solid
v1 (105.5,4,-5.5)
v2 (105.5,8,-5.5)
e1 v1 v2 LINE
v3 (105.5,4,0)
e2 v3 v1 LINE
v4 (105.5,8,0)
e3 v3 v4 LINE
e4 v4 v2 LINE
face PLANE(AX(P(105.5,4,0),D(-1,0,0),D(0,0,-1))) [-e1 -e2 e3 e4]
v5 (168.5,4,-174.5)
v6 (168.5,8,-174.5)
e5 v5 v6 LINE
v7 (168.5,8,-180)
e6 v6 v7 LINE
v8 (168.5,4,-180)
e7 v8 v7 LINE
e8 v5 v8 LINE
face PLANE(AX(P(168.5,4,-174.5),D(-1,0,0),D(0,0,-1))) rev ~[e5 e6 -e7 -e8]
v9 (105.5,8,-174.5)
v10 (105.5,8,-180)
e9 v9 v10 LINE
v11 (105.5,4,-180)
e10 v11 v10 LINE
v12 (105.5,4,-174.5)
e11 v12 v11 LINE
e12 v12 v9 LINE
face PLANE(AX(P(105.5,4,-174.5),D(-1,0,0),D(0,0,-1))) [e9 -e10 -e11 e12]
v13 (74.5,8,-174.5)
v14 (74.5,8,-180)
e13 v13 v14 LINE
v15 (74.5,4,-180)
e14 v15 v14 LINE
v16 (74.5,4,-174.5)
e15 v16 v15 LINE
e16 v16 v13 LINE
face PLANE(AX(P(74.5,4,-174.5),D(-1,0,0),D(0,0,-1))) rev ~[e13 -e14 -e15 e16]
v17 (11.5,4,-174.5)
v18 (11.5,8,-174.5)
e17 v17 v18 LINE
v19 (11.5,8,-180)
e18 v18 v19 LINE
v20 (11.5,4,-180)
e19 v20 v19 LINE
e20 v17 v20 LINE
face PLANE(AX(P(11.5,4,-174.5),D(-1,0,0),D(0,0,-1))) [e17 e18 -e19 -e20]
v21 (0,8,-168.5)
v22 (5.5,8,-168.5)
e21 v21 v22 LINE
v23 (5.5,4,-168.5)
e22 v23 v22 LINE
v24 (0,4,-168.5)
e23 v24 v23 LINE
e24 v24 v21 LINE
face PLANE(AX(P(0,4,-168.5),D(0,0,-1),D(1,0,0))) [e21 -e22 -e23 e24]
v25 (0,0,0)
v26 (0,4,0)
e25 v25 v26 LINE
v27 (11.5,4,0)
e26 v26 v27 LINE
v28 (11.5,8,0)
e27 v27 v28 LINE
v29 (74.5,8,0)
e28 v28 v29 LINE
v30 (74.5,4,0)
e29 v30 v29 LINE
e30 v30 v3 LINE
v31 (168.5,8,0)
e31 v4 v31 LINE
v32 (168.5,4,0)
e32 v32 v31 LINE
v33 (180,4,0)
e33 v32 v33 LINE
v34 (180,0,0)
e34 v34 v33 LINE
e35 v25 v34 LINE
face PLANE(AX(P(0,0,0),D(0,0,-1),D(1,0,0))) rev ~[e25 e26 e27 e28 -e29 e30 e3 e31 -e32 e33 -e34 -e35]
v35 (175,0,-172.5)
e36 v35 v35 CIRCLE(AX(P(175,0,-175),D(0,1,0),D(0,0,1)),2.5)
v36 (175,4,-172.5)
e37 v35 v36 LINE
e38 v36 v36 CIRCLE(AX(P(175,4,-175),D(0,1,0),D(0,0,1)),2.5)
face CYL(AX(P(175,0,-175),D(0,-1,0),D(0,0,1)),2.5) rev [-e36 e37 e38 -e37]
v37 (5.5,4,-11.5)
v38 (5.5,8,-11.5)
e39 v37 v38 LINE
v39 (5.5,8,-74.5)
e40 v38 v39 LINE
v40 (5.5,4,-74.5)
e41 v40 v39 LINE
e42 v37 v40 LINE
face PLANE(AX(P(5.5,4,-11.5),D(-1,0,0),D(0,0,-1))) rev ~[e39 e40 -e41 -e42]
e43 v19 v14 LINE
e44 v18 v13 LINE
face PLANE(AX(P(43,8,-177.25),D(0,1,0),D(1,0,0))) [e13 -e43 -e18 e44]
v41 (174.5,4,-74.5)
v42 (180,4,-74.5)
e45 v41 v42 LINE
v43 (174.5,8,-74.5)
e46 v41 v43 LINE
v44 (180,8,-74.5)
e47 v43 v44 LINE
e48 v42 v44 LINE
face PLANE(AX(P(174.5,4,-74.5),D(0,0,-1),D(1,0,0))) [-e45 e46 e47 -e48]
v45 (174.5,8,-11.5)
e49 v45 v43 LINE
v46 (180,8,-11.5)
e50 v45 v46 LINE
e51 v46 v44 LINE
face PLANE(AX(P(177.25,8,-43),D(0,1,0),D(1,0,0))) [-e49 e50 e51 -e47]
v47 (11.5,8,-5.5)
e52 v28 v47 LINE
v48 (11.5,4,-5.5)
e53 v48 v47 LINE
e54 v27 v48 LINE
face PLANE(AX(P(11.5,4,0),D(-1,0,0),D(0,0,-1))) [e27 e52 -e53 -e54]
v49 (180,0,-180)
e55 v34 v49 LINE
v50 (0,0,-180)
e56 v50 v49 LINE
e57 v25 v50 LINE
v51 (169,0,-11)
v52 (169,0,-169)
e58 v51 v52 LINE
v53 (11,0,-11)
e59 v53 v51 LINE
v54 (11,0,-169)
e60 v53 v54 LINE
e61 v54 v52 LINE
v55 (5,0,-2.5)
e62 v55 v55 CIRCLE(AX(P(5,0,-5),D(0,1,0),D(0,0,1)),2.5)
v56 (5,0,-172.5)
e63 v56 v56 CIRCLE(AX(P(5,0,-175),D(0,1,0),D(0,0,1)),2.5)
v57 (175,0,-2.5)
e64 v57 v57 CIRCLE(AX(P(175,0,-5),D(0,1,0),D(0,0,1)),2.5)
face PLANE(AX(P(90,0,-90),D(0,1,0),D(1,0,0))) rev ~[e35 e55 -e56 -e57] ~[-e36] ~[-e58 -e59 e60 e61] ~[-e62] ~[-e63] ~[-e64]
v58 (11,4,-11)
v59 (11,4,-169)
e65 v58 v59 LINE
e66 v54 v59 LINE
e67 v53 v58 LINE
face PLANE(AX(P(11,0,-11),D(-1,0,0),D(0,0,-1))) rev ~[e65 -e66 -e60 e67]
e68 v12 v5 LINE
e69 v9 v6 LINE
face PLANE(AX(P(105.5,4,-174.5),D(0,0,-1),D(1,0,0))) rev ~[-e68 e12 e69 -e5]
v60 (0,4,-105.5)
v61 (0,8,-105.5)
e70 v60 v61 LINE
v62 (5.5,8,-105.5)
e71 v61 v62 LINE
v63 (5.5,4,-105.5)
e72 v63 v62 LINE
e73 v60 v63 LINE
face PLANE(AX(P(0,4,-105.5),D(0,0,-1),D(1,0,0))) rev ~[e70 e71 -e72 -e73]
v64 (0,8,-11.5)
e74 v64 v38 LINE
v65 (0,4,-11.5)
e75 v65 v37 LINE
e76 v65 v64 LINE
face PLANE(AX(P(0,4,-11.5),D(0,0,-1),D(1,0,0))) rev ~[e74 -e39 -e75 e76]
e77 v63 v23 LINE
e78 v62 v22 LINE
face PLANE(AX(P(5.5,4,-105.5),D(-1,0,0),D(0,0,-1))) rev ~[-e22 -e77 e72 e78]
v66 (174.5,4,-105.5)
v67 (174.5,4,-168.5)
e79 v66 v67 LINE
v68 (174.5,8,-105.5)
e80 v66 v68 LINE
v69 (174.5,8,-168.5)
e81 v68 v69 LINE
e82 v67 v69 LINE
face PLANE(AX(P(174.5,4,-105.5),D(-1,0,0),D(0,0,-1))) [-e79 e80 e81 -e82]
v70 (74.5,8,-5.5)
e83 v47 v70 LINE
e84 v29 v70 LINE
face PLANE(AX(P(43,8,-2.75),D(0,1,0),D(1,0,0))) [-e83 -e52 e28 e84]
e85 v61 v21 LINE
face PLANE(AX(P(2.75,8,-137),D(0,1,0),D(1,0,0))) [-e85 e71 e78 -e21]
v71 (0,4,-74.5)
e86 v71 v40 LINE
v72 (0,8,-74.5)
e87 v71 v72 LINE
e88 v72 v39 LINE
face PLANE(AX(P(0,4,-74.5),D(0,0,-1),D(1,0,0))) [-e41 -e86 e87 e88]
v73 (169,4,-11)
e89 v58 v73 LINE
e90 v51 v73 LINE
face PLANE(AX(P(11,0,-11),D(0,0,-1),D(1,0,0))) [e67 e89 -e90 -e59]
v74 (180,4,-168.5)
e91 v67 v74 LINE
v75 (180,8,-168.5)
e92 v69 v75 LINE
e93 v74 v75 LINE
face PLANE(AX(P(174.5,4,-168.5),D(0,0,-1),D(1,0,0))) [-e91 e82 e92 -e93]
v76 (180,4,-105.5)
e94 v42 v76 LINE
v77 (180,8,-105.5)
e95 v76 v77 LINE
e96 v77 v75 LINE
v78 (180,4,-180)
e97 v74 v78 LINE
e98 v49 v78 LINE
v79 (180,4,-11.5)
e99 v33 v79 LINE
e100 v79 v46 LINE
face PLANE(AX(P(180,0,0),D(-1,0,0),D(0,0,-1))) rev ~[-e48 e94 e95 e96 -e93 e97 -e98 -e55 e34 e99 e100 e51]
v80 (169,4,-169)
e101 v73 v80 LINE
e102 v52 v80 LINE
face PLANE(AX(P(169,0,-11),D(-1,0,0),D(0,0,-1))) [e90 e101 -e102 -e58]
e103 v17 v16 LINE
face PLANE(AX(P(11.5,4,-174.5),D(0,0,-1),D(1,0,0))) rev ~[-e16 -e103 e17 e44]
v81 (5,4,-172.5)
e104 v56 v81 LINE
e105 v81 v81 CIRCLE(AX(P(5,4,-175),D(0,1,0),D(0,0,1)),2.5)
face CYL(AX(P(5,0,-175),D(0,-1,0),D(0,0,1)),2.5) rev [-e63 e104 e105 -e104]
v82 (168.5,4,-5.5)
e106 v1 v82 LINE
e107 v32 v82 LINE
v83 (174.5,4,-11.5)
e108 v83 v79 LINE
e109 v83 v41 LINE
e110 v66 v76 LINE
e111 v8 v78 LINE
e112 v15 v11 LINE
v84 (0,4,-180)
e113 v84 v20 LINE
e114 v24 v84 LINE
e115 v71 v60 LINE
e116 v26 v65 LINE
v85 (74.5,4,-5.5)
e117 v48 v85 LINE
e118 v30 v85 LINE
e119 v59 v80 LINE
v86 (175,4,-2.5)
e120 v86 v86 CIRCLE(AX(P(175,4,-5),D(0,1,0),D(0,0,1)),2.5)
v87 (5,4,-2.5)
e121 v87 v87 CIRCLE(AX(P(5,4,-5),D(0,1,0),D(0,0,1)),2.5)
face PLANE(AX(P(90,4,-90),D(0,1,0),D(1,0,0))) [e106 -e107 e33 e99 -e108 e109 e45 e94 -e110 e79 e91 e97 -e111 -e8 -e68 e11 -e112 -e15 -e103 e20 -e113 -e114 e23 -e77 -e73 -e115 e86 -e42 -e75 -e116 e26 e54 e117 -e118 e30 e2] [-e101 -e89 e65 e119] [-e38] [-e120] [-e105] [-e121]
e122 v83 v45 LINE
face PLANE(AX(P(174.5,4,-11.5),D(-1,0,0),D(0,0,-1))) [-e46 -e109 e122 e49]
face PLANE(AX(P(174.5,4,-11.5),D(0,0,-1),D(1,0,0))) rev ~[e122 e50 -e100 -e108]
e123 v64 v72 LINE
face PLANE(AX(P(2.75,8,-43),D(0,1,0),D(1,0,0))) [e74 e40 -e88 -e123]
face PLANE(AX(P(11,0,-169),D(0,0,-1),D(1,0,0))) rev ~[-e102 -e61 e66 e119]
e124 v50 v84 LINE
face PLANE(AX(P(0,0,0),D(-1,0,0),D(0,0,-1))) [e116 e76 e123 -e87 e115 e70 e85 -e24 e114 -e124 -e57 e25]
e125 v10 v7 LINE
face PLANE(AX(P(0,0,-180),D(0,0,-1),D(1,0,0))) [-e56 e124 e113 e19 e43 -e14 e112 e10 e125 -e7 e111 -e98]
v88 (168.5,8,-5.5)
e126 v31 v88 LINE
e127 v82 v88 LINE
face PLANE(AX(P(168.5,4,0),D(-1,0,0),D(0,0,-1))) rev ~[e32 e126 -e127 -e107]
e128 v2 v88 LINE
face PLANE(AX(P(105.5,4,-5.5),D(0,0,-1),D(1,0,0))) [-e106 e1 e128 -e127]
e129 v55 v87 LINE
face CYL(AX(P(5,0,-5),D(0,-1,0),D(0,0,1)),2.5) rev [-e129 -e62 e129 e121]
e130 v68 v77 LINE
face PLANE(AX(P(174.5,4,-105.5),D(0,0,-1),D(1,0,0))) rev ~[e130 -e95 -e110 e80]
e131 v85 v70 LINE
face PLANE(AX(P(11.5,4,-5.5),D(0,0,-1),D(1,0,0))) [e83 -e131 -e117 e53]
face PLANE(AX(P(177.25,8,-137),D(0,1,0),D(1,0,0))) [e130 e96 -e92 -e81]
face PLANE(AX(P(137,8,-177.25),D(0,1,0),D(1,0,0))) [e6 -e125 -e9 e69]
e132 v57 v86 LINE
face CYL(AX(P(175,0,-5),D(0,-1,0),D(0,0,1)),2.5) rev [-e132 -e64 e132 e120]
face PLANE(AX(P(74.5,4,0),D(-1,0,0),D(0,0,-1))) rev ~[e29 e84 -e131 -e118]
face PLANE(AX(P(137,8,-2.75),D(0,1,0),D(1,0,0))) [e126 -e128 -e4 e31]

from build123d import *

# Parameters (mm, degrees)
CROQUIS1_W              = 180
CROQUIS1_H              = 180
CROQUIS1_R              = 2.5
CROQUIS1_W_2            = 158
CROQUIS1_H_2            = 158
SALIENTE_EXTRUIR1_DEPTH = 4
CROQUIS2_W              = 5.5
CROQUIS2_H              = 63
CROQUIS2_W_2            = 63
CROQUIS2_H_2            = 5.5
SALIENTE_EXTRUIR2_DEPTH = 4


with BuildPart() as part:
    # Croquis1 → Saliente-Extruir1 (new body)
    with BuildSketch(Plane(origin=(0, 0, 0), x_dir=(1, 0, 0), z_dir=(0, 1, 0))):
        with Locations((90, 90)):
            Rectangle(CROQUIS1_W, CROQUIS1_H)
        with Locations(Location((5, 175, 0), (0, 0, 270))):
            Circle(CROQUIS1_R, mode=Mode.SUBTRACT)
        with Locations(Location((175, 175, 0), (0, 0, 270))):
            Circle(CROQUIS1_R, mode=Mode.SUBTRACT)
        with Locations(Location((175, 5, 0), (0, 0, 270))):
            Circle(CROQUIS1_R, mode=Mode.SUBTRACT)
        with Locations(Location((5, 5, 0), (0, 0, 270))):
            Circle(CROQUIS1_R, mode=Mode.SUBTRACT)
        with Locations((90, 90)):
            Rectangle(CROQUIS1_W_2, CROQUIS1_H_2, mode=Mode.SUBTRACT)
    extrude(amount=SALIENTE_EXTRUIR1_DEPTH)

    # Croquis2 → Saliente-Extruir2 (add)
    with BuildSketch(Plane(origin=(0, 4, 0), x_dir=(1, 0, 0), z_dir=(0, 1, 0))):
        with Locations((2.75, 137)):
            Rectangle(CROQUIS2_W, CROQUIS2_H)
        with Locations((43, 177.25)):
            Rectangle(CROQUIS2_W_2, CROQUIS2_H_2)
        with Locations((137, 177.25)):
            Rectangle(CROQUIS2_W_2, CROQUIS2_H_2)
        with Locations((177.25, 137)):
            Rectangle(CROQUIS2_W, CROQUIS2_H)
        with Locations((177.25, 43)):
            Rectangle(CROQUIS2_W, CROQUIS2_H)
        with Locations((137, 2.75)):
            Rectangle(CROQUIS2_W_2, CROQUIS2_H_2)
        with Locations((43, 2.75)):
            Rectangle(CROQUIS2_W_2, CROQUIS2_H_2)
        with Locations((2.75, 43)):
            Rectangle(CROQUIS2_W, CROQUIS2_H)
    extrude(amount=SALIENTE_EXTRUIR2_DEPTH)


solid = part.part
